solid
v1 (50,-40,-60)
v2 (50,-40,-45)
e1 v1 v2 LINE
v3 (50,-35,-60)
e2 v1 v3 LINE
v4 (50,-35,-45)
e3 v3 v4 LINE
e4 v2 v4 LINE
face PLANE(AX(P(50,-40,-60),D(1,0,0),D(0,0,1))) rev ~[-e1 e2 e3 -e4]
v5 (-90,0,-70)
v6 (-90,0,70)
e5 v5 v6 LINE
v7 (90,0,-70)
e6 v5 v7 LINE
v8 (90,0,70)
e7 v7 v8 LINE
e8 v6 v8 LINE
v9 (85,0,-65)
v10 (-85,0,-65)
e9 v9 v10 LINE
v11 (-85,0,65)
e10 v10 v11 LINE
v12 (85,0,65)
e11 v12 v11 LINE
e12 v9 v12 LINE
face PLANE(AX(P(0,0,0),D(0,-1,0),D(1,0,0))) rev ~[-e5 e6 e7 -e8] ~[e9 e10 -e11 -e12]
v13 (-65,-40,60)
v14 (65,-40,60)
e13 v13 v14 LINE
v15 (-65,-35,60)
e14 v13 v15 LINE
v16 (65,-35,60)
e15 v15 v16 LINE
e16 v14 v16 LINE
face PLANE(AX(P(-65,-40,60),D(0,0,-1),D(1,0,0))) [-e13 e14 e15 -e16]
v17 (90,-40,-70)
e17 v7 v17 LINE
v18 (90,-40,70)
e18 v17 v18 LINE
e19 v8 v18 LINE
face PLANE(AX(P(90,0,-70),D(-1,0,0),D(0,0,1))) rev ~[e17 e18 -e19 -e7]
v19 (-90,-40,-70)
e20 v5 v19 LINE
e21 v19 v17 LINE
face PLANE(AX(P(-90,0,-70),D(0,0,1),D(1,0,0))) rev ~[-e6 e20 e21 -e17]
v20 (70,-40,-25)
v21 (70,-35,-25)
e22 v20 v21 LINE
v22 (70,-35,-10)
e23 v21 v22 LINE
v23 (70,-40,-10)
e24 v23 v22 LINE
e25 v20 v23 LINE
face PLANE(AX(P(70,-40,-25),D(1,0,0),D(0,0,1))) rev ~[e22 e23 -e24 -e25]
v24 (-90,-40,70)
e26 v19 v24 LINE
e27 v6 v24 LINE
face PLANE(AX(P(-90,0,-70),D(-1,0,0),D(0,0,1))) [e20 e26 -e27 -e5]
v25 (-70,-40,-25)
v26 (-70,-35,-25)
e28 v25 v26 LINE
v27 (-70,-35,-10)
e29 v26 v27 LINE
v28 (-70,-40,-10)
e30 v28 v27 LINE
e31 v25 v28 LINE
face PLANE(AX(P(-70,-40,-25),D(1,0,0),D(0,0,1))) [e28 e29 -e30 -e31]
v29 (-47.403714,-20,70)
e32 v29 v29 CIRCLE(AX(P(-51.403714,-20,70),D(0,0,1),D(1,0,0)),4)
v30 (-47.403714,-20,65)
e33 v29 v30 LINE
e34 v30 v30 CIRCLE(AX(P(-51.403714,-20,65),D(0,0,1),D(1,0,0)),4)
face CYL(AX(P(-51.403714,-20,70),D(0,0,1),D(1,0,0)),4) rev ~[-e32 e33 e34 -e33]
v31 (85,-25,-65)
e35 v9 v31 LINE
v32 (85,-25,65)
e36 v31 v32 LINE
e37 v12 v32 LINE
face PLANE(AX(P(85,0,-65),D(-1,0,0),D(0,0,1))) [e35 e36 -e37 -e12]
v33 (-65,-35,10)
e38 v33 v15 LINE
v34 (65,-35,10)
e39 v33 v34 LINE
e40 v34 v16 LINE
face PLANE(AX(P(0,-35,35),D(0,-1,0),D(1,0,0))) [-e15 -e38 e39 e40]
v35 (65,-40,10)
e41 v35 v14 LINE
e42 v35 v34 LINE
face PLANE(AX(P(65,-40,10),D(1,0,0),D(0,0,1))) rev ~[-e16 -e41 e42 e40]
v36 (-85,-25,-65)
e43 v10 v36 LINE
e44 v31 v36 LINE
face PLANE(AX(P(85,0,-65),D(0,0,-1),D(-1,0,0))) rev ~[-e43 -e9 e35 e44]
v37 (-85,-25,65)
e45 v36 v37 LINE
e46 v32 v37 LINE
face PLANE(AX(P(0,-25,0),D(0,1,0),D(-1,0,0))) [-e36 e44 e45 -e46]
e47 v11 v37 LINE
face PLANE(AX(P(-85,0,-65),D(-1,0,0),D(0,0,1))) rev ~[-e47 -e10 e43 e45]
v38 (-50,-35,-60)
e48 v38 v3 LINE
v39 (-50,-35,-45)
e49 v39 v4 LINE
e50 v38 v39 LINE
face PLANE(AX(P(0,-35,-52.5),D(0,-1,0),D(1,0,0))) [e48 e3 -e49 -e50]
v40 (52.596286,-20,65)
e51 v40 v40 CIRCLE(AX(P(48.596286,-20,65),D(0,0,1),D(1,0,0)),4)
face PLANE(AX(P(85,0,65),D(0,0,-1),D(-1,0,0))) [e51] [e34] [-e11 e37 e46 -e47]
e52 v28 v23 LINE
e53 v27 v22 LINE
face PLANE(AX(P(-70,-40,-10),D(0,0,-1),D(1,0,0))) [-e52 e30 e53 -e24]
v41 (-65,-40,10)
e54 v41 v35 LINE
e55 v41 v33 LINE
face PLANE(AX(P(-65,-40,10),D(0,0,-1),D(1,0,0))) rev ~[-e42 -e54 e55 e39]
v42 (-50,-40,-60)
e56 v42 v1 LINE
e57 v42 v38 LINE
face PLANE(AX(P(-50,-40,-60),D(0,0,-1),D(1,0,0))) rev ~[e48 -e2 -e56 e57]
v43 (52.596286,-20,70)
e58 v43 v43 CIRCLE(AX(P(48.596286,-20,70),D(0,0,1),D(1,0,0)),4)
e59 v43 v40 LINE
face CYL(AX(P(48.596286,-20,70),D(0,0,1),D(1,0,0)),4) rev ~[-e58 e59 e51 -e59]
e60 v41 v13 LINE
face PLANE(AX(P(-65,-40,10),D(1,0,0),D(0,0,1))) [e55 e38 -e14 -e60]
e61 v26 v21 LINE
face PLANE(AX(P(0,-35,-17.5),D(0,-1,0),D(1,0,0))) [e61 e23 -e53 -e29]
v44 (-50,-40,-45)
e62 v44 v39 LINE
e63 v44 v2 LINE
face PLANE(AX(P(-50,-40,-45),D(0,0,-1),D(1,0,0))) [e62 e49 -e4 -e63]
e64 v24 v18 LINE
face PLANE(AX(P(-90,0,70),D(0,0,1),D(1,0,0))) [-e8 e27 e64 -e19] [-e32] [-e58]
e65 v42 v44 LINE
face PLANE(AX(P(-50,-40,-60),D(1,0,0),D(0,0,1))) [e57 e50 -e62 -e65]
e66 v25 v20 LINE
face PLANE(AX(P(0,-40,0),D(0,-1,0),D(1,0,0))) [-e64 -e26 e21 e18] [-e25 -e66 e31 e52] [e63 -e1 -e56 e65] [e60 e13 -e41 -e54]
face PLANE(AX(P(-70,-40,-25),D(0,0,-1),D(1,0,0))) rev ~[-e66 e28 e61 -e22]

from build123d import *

# Parameters (mm, degrees)
F0_W     = 180
F0_H     = 140
F1_DEPTH = 40
F2_W     = 130
F2_H     = 50
F2_W_2   = 140
F2_H_2   = 15
F2_W_3   = 100
F3_DEPTH = 5
F4_W     = 170
F4_H     = 130
F5_DEPTH = 25
F6_R     = 4
F7_DEPTH = 25


with BuildPart() as f1:
    # F0 (on Front) → F1 (new body)
    with BuildSketch(Plane.XZ):
        Rectangle(F0_W, F0_H)
    extrude(amount=F1_DEPTH)

    # F2 (on face) → F3 (cut)
    with BuildSketch(Plane.XZ.offset(40)):
        with Locations((0, 35)):
            Rectangle(F2_W, F2_H)
        with Locations((0, -17.5)):
            Rectangle(F2_W_2, F2_H_2)
        with Locations((0, -52.5)):
            Rectangle(F2_W_3, F2_H_2)
    extrude(amount=-F3_DEPTH, mode=Mode.SUBTRACT)

    # F4 (on face) → F5 (cut)
    with BuildSketch(Plane(origin=(0, 0, 0), x_dir=(-1, 0, 0), z_dir=(0, 1, 0))):
        Rectangle(F4_W, F4_H)
    extrude(amount=-F5_DEPTH, mode=Mode.SUBTRACT)

    # F6 (on face) → F7 (cut)
    with BuildSketch(Plane.XY.offset(70)):
        with Locations((48.596286, -20)):
            Circle(F6_R)
        with Locations((-51.403714, -20)):
            Circle(F6_R)
    extrude(amount=-F7_DEPTH, mode=Mode.SUBTRACT)


solid = f1.part
